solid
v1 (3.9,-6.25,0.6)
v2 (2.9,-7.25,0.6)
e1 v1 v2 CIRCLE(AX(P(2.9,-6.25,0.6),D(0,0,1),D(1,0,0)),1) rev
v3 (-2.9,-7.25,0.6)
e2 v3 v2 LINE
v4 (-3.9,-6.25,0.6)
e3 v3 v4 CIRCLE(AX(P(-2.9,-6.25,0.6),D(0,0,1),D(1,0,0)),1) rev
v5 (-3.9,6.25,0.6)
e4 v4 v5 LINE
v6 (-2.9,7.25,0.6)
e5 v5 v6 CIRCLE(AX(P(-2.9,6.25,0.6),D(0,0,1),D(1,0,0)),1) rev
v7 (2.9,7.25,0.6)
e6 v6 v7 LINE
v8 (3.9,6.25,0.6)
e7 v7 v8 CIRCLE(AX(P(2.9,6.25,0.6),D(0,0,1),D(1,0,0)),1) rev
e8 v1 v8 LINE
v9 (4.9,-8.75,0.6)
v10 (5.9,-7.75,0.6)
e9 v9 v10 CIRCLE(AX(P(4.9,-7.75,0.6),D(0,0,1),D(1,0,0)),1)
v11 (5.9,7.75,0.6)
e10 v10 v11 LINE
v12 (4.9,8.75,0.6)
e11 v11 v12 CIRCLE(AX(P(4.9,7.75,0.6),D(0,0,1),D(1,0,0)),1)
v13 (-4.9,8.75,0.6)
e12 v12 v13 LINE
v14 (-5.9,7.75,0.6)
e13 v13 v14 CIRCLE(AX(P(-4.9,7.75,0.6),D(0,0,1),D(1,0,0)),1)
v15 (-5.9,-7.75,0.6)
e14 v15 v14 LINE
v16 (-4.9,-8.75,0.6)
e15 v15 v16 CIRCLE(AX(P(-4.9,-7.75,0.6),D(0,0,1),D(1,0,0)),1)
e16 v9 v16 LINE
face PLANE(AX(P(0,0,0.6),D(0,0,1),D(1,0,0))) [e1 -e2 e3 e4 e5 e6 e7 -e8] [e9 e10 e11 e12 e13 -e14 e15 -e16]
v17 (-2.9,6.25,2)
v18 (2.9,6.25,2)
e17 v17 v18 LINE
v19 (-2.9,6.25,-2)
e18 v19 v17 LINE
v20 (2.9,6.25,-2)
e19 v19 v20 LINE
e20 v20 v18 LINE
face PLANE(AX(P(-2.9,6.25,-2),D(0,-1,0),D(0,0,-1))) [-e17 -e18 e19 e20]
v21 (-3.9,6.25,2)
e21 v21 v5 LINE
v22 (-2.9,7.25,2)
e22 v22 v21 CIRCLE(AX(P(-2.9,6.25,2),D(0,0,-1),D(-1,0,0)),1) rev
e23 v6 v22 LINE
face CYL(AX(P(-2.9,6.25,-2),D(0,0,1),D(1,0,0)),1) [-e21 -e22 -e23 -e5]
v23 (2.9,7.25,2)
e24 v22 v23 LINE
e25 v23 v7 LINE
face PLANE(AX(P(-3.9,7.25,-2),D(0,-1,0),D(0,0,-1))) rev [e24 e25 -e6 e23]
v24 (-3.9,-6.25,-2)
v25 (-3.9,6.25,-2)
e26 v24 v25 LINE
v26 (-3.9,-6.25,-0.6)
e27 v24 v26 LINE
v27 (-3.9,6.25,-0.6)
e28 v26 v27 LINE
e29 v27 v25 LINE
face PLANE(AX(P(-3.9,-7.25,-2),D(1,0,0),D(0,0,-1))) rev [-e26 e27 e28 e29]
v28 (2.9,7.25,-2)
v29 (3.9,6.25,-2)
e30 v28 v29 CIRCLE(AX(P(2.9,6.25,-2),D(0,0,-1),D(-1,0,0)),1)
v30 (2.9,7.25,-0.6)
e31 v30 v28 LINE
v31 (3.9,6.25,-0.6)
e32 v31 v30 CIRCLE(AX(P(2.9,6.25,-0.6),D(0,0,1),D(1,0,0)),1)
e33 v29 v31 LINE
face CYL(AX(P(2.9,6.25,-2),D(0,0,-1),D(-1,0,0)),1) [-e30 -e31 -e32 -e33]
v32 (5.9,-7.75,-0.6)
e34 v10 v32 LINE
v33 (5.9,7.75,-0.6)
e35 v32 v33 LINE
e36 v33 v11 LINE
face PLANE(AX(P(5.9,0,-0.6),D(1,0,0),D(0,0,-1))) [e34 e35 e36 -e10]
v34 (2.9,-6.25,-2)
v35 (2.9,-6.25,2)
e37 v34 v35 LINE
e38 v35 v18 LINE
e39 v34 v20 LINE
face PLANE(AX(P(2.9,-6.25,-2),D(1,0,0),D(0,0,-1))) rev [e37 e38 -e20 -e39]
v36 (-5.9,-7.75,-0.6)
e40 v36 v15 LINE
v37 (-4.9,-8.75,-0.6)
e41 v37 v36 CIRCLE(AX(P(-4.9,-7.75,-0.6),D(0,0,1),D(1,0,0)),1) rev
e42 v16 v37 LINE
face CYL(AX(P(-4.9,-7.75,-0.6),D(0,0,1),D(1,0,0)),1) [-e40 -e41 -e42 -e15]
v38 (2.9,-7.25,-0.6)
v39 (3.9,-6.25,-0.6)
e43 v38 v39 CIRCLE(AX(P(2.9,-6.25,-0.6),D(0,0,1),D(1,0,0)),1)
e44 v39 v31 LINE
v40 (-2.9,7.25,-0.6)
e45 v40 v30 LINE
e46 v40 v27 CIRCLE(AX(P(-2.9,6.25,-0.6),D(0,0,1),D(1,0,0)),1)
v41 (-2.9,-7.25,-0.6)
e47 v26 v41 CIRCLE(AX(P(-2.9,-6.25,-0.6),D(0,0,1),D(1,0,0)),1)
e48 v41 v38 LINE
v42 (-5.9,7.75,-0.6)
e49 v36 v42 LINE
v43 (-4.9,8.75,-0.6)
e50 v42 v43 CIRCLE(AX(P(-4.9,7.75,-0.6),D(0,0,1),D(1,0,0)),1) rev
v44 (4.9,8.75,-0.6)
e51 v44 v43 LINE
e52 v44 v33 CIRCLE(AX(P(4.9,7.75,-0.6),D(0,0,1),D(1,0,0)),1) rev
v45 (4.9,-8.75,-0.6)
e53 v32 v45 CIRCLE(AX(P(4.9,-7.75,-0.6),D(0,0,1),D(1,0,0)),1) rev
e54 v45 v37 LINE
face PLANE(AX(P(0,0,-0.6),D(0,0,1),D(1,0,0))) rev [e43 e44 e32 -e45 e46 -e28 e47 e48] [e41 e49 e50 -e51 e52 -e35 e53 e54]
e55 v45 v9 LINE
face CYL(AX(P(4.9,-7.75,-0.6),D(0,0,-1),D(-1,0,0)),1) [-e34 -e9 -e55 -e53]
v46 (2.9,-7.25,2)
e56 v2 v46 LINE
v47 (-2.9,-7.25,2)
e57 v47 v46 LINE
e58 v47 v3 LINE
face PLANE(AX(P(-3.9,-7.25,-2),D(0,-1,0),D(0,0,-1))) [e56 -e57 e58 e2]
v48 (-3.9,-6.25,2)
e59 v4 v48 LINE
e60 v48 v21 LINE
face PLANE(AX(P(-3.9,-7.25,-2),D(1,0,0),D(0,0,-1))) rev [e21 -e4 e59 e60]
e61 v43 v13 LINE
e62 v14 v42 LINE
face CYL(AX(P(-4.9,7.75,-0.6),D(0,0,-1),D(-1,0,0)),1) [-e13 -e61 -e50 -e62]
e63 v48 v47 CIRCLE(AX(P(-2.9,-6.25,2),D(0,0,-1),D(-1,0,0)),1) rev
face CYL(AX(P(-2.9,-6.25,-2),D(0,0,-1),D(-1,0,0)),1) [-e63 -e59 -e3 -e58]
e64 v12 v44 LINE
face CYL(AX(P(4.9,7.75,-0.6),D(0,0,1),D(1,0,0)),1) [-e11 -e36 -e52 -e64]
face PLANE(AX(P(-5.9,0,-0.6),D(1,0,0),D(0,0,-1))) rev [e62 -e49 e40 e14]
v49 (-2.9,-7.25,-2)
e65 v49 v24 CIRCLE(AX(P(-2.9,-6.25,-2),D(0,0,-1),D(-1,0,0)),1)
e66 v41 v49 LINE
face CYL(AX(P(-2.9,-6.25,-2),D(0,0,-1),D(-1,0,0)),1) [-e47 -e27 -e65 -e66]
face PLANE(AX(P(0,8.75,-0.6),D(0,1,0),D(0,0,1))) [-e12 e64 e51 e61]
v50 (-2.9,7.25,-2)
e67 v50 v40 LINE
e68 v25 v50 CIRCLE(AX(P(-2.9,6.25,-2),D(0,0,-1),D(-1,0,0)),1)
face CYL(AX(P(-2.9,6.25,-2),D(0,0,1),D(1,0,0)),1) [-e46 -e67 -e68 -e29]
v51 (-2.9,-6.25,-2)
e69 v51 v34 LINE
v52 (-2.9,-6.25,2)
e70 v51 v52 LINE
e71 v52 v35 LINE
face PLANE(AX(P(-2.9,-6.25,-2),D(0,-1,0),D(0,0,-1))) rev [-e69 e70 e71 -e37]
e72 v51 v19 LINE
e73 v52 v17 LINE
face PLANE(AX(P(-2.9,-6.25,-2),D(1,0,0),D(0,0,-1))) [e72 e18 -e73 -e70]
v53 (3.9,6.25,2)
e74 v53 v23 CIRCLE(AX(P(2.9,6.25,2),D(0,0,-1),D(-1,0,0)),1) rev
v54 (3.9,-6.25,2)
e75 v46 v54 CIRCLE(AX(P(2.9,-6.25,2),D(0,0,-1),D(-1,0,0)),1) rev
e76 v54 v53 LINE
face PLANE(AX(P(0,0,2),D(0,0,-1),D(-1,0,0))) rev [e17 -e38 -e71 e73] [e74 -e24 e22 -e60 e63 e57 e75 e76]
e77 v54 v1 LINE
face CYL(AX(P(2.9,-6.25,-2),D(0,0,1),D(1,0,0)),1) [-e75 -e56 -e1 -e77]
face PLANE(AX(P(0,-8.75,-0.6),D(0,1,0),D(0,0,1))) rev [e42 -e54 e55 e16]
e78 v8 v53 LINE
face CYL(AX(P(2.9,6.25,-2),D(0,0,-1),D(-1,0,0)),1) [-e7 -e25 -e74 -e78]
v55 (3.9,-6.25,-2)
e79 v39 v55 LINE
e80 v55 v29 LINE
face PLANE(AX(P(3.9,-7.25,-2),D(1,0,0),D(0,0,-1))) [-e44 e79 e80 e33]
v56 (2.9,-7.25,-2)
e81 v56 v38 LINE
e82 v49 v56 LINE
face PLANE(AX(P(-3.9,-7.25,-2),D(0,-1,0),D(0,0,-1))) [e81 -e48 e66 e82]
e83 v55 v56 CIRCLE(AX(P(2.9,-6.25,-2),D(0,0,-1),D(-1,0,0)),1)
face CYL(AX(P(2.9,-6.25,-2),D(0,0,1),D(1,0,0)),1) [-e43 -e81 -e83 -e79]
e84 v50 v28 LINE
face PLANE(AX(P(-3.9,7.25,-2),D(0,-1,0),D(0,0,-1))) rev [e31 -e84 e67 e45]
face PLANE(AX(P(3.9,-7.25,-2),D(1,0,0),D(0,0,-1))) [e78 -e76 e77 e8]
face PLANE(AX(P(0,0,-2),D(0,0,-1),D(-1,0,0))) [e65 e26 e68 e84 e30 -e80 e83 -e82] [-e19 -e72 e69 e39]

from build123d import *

# Parameters (mm, degrees)
BOSS_EXTRUDE1_DEPTH      = 0.6
BOSS_EXTRUDE1_DEPTH_BACK = 0.6
SKETCH1_W                = 11.8
SKETCH1_H                = 17.5
BOSS_EXTRUDE2_DEPTH      = 2
BOSS_EXTRUDE2_DEPTH_BACK = 2
SKETCH1_3_W              = 7.8
SKETCH1_3_H              = 14.5
SKETCH1_3_W_2            = 5.8
SKETCH1_3_H_2            = 12.5
CUT_EXTRUDE1_DEPTH       = 11.741159155
CUT_EXTRUDE1_DEPTH_BACK  = 11.741159155
SKETCH1_4_W              = 5.8
SKETCH1_4_H              = 12.5
FILLET1_R                = 1


with BuildPart() as part:
    # Sketch1 → Boss-Extrude1 (new, two sides: drawn at the far end of the back side and taken through both)
    with BuildSketch(Plane.XY.offset(-BOSS_EXTRUDE1_DEPTH_BACK)):
        Rectangle(SKETCH1_W, SKETCH1_H)
    extrude(amount=BOSS_EXTRUDE1_DEPTH + BOSS_EXTRUDE1_DEPTH_BACK)

    # Sketch1<3> → Boss-Extrude2 (add, two sides: drawn at the far end of the back side and taken through both)
    with BuildSketch(Plane.XY.offset(-BOSS_EXTRUDE2_DEPTH_BACK)):
        Rectangle(SKETCH1_3_W, SKETCH1_3_H)
        Rectangle(SKETCH1_3_W_2, SKETCH1_3_H_2, mode=Mode.SUBTRACT)
    extrude(amount=BOSS_EXTRUDE2_DEPTH + BOSS_EXTRUDE2_DEPTH_BACK)

    # Sketch1<4> → Cut-Extrude1 (cut, two sides: drawn at the far end of the back side and taken through both)
    with BuildSketch(Plane.XY.offset(-CUT_EXTRUDE1_DEPTH_BACK)):
        Rectangle(SKETCH1_4_W, SKETCH1_4_H)
    extrude(amount=CUT_EXTRUDE1_DEPTH + CUT_EXTRUDE1_DEPTH_BACK, mode=Mode.SUBTRACT)

    # Fillet1
    fillet1_edges = [part.edges().sort_by_distance(p)[0] for p in [
        (-3.9, -7.25, -1.3),
        (-3.9, 7.25, -1.3),
        (3.9, 7.25, -1.3),
        (3.9, -7.25, -1.3),
        (-3.9, -7.25, 1.3),
        (-3.9, 7.25, 1.3),
        (3.9, 7.25, 1.3),
        (3.9, -7.25, 1.3),
        (-5.9, 8.75, 0),
        (5.9, 8.75, 0),
        (5.9, -8.75, 0),
        (-5.9, -8.75, 0),
    ]]
    fillet(fillet1_edges, radius=FILLET1_R)


solid = part.part
